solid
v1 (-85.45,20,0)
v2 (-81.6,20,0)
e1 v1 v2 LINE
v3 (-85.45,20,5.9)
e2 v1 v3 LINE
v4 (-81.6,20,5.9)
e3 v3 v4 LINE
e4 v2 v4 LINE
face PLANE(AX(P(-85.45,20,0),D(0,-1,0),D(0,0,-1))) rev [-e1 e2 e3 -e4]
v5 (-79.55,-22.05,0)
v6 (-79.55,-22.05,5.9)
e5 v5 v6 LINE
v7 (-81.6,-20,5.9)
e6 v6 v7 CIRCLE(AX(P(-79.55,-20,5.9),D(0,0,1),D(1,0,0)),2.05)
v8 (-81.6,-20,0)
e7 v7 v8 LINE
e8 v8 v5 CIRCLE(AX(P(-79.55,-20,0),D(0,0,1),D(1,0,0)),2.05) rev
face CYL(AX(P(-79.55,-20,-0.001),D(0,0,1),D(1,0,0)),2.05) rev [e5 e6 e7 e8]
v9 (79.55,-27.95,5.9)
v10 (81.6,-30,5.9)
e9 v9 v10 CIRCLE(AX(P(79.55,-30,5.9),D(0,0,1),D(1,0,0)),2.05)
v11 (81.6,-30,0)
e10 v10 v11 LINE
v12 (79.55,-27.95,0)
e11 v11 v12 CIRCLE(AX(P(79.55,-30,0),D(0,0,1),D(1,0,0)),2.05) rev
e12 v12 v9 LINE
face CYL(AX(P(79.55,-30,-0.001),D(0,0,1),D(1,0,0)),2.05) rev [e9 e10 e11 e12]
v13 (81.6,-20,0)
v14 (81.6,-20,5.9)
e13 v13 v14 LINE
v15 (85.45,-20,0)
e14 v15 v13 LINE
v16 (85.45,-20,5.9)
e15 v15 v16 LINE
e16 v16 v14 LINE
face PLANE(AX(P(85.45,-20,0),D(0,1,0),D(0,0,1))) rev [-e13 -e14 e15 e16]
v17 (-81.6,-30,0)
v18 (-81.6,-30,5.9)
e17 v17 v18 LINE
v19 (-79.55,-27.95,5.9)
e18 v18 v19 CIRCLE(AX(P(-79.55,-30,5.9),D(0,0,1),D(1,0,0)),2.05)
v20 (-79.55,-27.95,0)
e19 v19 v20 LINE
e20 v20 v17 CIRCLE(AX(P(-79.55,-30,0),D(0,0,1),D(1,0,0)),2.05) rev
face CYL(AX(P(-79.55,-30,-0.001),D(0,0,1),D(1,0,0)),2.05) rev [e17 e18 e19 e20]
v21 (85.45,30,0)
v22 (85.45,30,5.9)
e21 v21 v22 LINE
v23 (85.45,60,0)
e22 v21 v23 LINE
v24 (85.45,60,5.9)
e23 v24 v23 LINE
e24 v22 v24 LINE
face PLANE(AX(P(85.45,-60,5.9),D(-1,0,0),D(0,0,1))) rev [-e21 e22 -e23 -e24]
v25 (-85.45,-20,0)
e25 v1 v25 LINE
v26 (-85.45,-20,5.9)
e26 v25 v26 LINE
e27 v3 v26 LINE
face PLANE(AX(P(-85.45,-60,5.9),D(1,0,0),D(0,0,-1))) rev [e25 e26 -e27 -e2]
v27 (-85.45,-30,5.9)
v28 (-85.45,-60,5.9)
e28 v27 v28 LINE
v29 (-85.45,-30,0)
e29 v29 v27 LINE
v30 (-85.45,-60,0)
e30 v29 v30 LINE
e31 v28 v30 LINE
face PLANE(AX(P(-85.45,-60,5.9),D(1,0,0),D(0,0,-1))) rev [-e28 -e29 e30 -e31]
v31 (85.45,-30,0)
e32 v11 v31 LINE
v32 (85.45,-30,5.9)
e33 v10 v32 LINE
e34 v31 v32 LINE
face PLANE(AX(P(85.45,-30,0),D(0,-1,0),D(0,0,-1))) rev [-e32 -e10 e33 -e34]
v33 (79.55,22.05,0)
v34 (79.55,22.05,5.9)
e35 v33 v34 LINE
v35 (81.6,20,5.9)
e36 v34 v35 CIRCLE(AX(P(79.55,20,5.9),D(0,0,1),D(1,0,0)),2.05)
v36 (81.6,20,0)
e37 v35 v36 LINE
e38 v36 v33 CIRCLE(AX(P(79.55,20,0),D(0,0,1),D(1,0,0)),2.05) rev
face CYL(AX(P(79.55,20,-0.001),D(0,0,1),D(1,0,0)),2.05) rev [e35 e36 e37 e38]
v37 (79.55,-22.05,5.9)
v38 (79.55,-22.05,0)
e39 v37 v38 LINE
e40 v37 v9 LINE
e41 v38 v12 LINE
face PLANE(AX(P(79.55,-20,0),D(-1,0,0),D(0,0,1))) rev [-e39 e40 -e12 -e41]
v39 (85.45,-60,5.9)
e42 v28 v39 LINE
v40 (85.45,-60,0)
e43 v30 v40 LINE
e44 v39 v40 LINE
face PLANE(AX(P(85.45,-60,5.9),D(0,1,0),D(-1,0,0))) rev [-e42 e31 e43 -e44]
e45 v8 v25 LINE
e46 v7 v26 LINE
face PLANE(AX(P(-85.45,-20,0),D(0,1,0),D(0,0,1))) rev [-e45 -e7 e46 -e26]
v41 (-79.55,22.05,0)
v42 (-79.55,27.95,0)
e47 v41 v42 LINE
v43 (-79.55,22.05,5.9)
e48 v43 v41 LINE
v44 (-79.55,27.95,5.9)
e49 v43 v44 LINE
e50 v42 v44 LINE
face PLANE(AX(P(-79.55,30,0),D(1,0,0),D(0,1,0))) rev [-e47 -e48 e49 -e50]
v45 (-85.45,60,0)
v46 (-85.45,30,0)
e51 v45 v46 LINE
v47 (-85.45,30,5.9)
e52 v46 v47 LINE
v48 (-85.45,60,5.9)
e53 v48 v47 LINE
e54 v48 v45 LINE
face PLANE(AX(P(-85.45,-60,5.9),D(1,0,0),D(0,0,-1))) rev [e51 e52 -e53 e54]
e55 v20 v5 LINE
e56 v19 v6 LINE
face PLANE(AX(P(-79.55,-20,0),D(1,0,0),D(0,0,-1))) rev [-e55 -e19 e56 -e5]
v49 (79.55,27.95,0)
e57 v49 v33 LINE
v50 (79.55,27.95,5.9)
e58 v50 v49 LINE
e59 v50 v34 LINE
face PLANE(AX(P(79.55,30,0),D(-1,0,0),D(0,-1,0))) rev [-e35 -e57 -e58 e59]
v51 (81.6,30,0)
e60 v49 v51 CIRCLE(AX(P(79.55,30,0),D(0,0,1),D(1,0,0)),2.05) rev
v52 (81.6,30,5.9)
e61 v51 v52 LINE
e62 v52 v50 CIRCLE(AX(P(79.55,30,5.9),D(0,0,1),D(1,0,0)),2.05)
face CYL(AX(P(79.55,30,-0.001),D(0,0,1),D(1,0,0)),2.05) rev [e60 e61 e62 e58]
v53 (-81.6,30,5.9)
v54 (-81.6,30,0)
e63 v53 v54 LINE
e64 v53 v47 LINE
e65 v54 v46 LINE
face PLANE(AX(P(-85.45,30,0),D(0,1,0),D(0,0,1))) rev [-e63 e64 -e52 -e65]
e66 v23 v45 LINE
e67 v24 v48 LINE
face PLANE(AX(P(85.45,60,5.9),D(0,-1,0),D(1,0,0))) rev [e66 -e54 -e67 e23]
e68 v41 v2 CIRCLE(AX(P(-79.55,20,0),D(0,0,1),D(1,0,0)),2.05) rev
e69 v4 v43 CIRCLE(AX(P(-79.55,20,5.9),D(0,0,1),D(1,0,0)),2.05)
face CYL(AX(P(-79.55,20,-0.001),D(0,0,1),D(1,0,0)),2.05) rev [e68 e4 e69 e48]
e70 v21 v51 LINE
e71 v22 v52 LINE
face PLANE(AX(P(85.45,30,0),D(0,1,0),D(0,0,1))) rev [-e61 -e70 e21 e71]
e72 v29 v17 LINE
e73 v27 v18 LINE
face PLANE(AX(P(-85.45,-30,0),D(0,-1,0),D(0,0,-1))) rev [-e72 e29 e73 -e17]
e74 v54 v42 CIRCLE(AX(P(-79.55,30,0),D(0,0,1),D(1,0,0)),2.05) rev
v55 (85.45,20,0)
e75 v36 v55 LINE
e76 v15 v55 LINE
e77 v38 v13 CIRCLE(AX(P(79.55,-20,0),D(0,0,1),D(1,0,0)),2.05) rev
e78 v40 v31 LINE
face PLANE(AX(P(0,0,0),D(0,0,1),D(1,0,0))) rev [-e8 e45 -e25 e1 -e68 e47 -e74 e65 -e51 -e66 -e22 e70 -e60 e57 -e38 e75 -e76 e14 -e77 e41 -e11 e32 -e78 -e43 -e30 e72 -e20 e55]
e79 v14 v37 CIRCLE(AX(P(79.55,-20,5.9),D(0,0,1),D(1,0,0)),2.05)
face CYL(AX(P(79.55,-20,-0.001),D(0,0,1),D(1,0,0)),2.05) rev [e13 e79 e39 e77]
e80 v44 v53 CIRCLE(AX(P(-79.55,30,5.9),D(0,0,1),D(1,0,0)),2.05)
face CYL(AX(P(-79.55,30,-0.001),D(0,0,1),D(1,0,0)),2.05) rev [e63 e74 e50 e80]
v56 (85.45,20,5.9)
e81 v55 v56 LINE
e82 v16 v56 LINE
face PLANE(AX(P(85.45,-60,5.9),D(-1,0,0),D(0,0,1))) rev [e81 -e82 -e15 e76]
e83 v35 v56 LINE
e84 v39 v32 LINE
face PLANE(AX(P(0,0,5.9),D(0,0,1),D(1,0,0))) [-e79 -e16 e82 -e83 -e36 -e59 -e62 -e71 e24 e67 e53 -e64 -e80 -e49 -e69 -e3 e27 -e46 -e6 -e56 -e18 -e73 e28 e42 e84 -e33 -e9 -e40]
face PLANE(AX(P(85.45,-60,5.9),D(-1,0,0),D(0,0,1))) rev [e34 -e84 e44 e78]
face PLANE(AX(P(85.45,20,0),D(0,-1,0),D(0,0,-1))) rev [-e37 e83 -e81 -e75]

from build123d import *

# Parameters (mm, degrees)
SKETCH1_W           = 170.9
SKETCH1_H           = 120
BOSS_EXTRUDE1_DEPTH = 5.9
SKETCH2_W           = 5.9
SKETCH2_H           = 10
CUT_EXTRUDE1_DEPTH  = 6.9
CUT_EXTRUDE4_REACH  = 7.9
SKETCH5_R           = 2.05


with BuildPart() as part:
    # Sketch1 → Boss-Extrude1 (new body)
    with BuildSketch(Plane.XY):
        Rectangle(SKETCH1_W, SKETCH1_H)
    extrude(amount=BOSS_EXTRUDE1_DEPTH)

    # Sketch2 → Cut-Extrude1 (cut, through all)
    with BuildSketch(Plane.XY.offset(5.9)):
        with Locations((82.5, 25)):
            Rectangle(SKETCH2_W, SKETCH2_H)
        with Locations((82.5, -25)):
            Rectangle(SKETCH2_W, SKETCH2_H)
        with Locations((-82.5, -25)):
            Rectangle(SKETCH2_W, SKETCH2_H)
        with Locations((-82.5, 25)):
            Rectangle(SKETCH2_W, SKETCH2_H)
    extrude(amount=-CUT_EXTRUDE1_DEPTH, mode=Mode.SUBTRACT)

    # Sketch5 → Cut-Extrude4 (cut, up to next)
    with BuildSketch(Plane.XY.offset(5.9), mode=Mode.PRIVATE) as cut_extrude4_sk1:
        with Locations((-79.55, 30)):
            Circle(SKETCH5_R)
    cut_extrude4_tool1 = extrude(cut_extrude4_sk1.sketch, amount=-CUT_EXTRUDE4_REACH, mode=Mode.PRIVATE) & part.part
    add(cut_extrude4_tool1.solids().sort_by_distance((-79.55, 30, 5.9))[0], mode=Mode.SUBTRACT)
    # Sketch5 → Cut-Extrude4 (cut, up to next)
    with BuildSketch(Plane.XY.offset(5.9), mode=Mode.PRIVATE) as cut_extrude4_sk2:
        with Locations((-79.55, 20)):
            Circle(SKETCH5_R)
    cut_extrude4_tool2 = extrude(cut_extrude4_sk2.sketch, amount=-CUT_EXTRUDE4_REACH, mode=Mode.PRIVATE) & part.part
    add(cut_extrude4_tool2.solids().sort_by_distance((-79.55, 20, 5.9))[0], mode=Mode.SUBTRACT)
    # Sketch5 → Cut-Extrude4 (cut, up to next)
    with BuildSketch(Plane.XY.offset(5.9), mode=Mode.PRIVATE) as cut_extrude4_sk3:
        with Locations((-79.55, -20)):
            Circle(SKETCH5_R)
    cut_extrude4_tool3 = extrude(cut_extrude4_sk3.sketch, amount=-CUT_EXTRUDE4_REACH, mode=Mode.PRIVATE) & part.part
    add(cut_extrude4_tool3.solids().sort_by_distance((-79.55, -20, 5.9))[0], mode=Mode.SUBTRACT)
    # Sketch5 → Cut-Extrude4 (cut, up to next)
    with BuildSketch(Plane.XY.offset(5.9), mode=Mode.PRIVATE) as cut_extrude4_sk4:
        with Locations((-79.55, -30)):
            Circle(SKETCH5_R)
    cut_extrude4_tool4 = extrude(cut_extrude4_sk4.sketch, amount=-CUT_EXTRUDE4_REACH, mode=Mode.PRIVATE) & part.part
    add(cut_extrude4_tool4.solids().sort_by_distance((-79.55, -30, 5.9))[0], mode=Mode.SUBTRACT)
    # Sketch5 → Cut-Extrude4 (cut, up to next)
    with BuildSketch(Plane.XY.offset(5.9), mode=Mode.PRIVATE) as cut_extrude4_sk5:
        with Locations((79.55, -20)):
            Circle(SKETCH5_R)
    cut_extrude4_tool5 = extrude(cut_extrude4_sk5.sketch, amount=-CUT_EXTRUDE4_REACH, mode=Mode.PRIVATE) & part.part
    add(cut_extrude4_tool5.solids().sort_by_distance((79.55, -20, 5.9))[0], mode=Mode.SUBTRACT)
    # Sketch5 → Cut-Extrude4 (cut, up to next)
    with BuildSketch(Plane.XY.offset(5.9), mode=Mode.PRIVATE) as cut_extrude4_sk6:
        with Locations((79.55, -30)):
            Circle(SKETCH5_R)
    cut_extrude4_tool6 = extrude(cut_extrude4_sk6.sketch, amount=-CUT_EXTRUDE4_REACH, mode=Mode.PRIVATE) & part.part
    add(cut_extrude4_tool6.solids().sort_by_distance((79.55, -30, 5.9))[0], mode=Mode.SUBTRACT)
    # Sketch5 → Cut-Extrude4 (cut, up to next)
    with BuildSketch(Plane.XY.offset(5.9), mode=Mode.PRIVATE) as cut_extrude4_sk7:
        with Locations((79.55, 20)):
            Circle(SKETCH5_R)
    cut_extrude4_tool7 = extrude(cut_extrude4_sk7.sketch, amount=-CUT_EXTRUDE4_REACH, mode=Mode.PRIVATE) & part.part
    add(cut_extrude4_tool7.solids().sort_by_distance((79.55, 20, 5.9))[0], mode=Mode.SUBTRACT)
    # Sketch5 → Cut-Extrude4 (cut, up to next)
    with BuildSketch(Plane.XY.offset(5.9), mode=Mode.PRIVATE) as cut_extrude4_sk8:
        with Locations((79.55, 30)):
            Circle(SKETCH5_R)
    cut_extrude4_tool8 = extrude(cut_extrude4_sk8.sketch, amount=-CUT_EXTRUDE4_REACH, mode=Mode.PRIVATE) & part.part
    add(cut_extrude4_tool8.solids().sort_by_distance((79.55, 30, 5.9))[0], mode=Mode.SUBTRACT)


solid = part.part
